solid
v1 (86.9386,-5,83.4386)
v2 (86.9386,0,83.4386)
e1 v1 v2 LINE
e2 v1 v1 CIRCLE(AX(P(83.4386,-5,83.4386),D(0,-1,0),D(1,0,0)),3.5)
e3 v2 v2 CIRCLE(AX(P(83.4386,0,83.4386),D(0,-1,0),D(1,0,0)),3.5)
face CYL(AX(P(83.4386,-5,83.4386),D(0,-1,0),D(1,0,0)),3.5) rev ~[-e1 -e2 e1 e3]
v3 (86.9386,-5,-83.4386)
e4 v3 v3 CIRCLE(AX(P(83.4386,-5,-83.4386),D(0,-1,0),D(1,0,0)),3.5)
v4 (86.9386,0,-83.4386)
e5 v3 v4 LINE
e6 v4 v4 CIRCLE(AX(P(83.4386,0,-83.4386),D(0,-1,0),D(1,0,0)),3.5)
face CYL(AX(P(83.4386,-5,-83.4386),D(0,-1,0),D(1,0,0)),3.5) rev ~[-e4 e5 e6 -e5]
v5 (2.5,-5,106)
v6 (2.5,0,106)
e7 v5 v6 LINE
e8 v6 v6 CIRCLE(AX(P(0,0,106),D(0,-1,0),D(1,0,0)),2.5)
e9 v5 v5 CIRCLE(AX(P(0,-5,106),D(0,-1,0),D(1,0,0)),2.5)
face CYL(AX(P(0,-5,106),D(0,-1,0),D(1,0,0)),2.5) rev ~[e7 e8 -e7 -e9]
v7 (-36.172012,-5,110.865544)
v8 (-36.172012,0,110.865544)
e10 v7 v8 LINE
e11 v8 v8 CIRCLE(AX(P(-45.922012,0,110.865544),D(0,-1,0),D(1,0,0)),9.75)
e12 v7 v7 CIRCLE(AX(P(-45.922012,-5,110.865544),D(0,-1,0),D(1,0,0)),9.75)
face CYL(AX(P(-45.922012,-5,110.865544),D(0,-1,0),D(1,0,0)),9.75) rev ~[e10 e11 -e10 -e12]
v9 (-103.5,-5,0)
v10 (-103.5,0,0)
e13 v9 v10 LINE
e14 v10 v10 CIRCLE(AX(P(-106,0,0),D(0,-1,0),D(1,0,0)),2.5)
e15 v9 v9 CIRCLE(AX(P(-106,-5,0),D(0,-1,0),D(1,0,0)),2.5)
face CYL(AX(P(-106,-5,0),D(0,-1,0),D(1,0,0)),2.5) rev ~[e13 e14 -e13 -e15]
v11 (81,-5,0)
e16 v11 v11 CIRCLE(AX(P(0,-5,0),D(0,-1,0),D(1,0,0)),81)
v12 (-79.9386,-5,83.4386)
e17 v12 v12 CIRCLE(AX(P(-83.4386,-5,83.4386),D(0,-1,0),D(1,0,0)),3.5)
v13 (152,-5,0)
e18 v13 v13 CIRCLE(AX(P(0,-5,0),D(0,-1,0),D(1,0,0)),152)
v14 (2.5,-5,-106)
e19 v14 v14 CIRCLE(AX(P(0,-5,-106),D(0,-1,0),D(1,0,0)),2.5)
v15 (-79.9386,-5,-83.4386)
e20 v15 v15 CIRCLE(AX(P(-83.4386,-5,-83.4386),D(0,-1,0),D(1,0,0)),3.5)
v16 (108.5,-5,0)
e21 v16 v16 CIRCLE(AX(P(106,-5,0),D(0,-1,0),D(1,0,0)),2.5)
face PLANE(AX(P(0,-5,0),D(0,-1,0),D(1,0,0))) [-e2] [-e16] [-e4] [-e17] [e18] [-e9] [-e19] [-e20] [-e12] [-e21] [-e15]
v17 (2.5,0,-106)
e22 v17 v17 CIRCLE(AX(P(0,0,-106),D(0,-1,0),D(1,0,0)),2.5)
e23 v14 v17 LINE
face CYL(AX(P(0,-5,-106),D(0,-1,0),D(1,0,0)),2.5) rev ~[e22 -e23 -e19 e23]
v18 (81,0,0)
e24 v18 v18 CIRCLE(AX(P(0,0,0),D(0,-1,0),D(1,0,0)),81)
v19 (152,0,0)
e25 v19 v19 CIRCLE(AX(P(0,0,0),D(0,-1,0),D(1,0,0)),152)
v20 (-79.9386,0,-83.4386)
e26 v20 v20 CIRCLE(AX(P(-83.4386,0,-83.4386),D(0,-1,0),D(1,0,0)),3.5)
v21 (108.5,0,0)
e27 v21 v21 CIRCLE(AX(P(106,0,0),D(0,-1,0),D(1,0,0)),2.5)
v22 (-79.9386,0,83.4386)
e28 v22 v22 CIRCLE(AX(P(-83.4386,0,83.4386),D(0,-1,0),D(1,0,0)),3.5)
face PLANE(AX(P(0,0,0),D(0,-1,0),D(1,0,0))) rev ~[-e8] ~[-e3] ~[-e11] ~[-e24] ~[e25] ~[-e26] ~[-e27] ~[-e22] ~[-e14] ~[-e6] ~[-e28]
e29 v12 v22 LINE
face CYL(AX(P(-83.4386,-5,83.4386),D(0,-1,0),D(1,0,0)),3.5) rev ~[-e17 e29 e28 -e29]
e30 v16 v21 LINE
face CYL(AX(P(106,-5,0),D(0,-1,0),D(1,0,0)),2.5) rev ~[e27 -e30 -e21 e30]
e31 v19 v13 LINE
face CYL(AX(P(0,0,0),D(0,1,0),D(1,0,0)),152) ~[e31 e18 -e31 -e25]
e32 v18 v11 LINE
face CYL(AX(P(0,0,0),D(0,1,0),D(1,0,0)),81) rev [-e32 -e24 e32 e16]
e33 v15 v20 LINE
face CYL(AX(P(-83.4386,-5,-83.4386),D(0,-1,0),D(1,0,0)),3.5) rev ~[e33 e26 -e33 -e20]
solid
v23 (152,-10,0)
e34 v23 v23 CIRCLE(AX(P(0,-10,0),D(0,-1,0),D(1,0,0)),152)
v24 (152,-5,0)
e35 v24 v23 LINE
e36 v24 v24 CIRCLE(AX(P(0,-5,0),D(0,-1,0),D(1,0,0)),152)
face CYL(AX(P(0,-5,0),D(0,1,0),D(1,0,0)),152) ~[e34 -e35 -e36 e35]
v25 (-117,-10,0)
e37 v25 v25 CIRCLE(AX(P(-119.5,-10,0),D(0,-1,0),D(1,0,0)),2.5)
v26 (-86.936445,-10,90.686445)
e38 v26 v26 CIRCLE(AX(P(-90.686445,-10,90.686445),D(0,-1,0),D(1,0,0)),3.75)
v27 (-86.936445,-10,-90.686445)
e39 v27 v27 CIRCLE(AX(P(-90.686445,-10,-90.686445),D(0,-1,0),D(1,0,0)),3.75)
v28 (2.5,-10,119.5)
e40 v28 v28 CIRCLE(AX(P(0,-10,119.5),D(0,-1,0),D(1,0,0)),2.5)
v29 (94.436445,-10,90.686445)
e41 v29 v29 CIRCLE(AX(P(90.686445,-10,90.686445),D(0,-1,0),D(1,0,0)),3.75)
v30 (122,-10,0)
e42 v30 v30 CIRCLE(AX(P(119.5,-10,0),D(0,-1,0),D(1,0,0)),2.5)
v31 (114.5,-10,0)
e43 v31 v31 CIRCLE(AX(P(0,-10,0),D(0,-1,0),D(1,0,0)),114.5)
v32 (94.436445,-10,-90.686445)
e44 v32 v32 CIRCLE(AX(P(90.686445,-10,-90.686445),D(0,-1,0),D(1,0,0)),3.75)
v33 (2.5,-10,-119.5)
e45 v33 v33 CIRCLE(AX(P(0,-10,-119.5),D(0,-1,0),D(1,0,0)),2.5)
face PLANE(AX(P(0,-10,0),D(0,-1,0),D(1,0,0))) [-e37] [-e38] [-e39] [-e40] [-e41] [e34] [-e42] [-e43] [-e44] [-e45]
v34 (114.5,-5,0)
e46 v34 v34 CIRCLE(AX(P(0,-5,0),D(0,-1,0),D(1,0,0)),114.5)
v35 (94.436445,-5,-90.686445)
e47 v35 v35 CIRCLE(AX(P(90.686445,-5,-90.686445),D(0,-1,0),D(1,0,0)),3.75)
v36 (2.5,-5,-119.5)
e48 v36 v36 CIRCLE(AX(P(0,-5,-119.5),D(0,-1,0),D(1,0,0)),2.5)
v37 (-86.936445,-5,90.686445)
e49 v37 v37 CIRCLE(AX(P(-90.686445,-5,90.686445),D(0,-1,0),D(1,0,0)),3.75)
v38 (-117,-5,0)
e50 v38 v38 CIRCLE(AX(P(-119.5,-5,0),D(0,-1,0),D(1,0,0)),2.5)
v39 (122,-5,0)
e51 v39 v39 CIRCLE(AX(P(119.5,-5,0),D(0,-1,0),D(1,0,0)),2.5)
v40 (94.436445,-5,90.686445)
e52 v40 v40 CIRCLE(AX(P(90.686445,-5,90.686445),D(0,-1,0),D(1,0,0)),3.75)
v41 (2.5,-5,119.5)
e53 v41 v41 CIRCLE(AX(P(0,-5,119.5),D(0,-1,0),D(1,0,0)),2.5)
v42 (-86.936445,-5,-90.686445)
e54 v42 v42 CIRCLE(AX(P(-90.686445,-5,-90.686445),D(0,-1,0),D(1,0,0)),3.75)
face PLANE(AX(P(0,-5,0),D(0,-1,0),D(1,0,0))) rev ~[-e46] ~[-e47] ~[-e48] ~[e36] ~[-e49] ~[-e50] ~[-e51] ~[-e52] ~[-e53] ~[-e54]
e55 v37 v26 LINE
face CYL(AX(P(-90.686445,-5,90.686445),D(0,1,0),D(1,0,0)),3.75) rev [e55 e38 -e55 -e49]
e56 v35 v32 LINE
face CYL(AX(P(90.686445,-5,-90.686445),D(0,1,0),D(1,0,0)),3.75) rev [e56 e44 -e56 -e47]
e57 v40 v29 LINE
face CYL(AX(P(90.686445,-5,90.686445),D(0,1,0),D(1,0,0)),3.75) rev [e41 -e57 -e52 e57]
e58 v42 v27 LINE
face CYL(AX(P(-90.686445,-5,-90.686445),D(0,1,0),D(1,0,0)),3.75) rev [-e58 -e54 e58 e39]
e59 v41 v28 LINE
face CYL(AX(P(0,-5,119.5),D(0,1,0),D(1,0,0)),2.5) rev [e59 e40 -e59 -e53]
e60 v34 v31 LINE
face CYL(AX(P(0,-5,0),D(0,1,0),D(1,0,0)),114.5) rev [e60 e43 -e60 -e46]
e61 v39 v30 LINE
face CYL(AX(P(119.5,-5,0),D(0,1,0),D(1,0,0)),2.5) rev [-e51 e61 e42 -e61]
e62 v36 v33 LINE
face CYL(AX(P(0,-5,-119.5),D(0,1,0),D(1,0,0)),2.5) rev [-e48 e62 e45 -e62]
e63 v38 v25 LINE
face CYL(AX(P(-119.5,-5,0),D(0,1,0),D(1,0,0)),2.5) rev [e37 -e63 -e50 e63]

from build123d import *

# Parameters (mm, degrees)
F0_R      = 152
F0_R_2    = 81
F1_DEPTH  = 5
F2_R      = 2.5
F3_DEPTH  = 5
F5_DEPTH  = 5
F6_DEPTH  = 5
F7_DEPTH  = 5
F8_R      = 3.5
F8_R_2    = 9.75
F9_DEPTH  = 5
F10_R     = 152
F10_R_2   = 3.75
F10_R_3   = 2.5
F10_R_4   = 114.5
F11_DEPTH = 5


with BuildPart() as f1:
    # F0 (on Front) → F1 (new body)
    with BuildSketch(Plane.XZ):
        Circle(F0_R)
        Circle(F0_R_2, mode=Mode.SUBTRACT)
    extrude(amount=F1_DEPTH)

    # F2 (on face) → F3 (cut)
    with BuildSketch(Plane.XZ.offset(5)):
        with Locations((0, 106)):
            Circle(F2_R)
    extrude(amount=-F3_DEPTH, mode=Mode.SUBTRACT)

    # F2 (on face) → F5 (cut)
    with BuildSketch(Plane.XZ.offset(5)):
        with Locations((-106, 0)):
            Circle(F2_R)
    extrude(amount=-F5_DEPTH, mode=Mode.SUBTRACT)

    # F2 (on face) → F6 (cut)
    with BuildSketch(Plane.XZ.offset(5)):
        with Locations((0, -106)):
            Circle(F2_R)
    extrude(amount=-F6_DEPTH, mode=Mode.SUBTRACT)

    # F2 (on face) → F7 (cut)
    with BuildSketch(Plane.XZ.offset(5)):
        with Locations((106, 0)):
            Circle(F2_R)
    extrude(amount=-F7_DEPTH, mode=Mode.SUBTRACT)

    # F8 (on face) → F9 (cut, through all)
    with BuildSketch(Plane.XZ.offset(5)):
        with Locations((83.4386, 83.4386)):
            Circle(F8_R)
        with Locations((83.4386, -83.4386)):
            Circle(F8_R)
        with Locations((-83.4386, -83.4386)):
            Circle(F8_R)
        with Locations((-83.4386, 83.4386)):
            Circle(F8_R)
        with Locations((-45.922012, 110.865544)):
            Circle(F8_R_2)
    extrude(amount=-F9_DEPTH, mode=Mode.SUBTRACT)


with BuildPart() as f11:
    # F10 (on face) → F11 (new body)
    with BuildSketch(Plane.XZ.offset(5)):
        Circle(F10_R)
        with Locations((-90.686445, -90.686445)):
            Circle(F10_R_2, mode=Mode.SUBTRACT)
        with Locations((0, -119.5)):
            Circle(F10_R_3, mode=Mode.SUBTRACT)
        with Locations((90.686445, -90.686445)):
            Circle(F10_R_2, mode=Mode.SUBTRACT)
        with Locations((-119.5, 0)):
            Circle(F10_R_3, mode=Mode.SUBTRACT)
        with Locations((-90.686445, 90.686445)):
            Circle(F10_R_2, mode=Mode.SUBTRACT)
        Circle(F10_R_4, mode=Mode.SUBTRACT)
        with Locations((119.5, 0)):
            Circle(F10_R_3, mode=Mode.SUBTRACT)
        with Locations((0, 119.5)):
            Circle(F10_R_3, mode=Mode.SUBTRACT)
        with Locations((90.686445, 90.686445)):
            Circle(F10_R_2, mode=Mode.SUBTRACT)
    extrude(amount=F11_DEPTH)


solid = Compound([f1.part, f11.part])
